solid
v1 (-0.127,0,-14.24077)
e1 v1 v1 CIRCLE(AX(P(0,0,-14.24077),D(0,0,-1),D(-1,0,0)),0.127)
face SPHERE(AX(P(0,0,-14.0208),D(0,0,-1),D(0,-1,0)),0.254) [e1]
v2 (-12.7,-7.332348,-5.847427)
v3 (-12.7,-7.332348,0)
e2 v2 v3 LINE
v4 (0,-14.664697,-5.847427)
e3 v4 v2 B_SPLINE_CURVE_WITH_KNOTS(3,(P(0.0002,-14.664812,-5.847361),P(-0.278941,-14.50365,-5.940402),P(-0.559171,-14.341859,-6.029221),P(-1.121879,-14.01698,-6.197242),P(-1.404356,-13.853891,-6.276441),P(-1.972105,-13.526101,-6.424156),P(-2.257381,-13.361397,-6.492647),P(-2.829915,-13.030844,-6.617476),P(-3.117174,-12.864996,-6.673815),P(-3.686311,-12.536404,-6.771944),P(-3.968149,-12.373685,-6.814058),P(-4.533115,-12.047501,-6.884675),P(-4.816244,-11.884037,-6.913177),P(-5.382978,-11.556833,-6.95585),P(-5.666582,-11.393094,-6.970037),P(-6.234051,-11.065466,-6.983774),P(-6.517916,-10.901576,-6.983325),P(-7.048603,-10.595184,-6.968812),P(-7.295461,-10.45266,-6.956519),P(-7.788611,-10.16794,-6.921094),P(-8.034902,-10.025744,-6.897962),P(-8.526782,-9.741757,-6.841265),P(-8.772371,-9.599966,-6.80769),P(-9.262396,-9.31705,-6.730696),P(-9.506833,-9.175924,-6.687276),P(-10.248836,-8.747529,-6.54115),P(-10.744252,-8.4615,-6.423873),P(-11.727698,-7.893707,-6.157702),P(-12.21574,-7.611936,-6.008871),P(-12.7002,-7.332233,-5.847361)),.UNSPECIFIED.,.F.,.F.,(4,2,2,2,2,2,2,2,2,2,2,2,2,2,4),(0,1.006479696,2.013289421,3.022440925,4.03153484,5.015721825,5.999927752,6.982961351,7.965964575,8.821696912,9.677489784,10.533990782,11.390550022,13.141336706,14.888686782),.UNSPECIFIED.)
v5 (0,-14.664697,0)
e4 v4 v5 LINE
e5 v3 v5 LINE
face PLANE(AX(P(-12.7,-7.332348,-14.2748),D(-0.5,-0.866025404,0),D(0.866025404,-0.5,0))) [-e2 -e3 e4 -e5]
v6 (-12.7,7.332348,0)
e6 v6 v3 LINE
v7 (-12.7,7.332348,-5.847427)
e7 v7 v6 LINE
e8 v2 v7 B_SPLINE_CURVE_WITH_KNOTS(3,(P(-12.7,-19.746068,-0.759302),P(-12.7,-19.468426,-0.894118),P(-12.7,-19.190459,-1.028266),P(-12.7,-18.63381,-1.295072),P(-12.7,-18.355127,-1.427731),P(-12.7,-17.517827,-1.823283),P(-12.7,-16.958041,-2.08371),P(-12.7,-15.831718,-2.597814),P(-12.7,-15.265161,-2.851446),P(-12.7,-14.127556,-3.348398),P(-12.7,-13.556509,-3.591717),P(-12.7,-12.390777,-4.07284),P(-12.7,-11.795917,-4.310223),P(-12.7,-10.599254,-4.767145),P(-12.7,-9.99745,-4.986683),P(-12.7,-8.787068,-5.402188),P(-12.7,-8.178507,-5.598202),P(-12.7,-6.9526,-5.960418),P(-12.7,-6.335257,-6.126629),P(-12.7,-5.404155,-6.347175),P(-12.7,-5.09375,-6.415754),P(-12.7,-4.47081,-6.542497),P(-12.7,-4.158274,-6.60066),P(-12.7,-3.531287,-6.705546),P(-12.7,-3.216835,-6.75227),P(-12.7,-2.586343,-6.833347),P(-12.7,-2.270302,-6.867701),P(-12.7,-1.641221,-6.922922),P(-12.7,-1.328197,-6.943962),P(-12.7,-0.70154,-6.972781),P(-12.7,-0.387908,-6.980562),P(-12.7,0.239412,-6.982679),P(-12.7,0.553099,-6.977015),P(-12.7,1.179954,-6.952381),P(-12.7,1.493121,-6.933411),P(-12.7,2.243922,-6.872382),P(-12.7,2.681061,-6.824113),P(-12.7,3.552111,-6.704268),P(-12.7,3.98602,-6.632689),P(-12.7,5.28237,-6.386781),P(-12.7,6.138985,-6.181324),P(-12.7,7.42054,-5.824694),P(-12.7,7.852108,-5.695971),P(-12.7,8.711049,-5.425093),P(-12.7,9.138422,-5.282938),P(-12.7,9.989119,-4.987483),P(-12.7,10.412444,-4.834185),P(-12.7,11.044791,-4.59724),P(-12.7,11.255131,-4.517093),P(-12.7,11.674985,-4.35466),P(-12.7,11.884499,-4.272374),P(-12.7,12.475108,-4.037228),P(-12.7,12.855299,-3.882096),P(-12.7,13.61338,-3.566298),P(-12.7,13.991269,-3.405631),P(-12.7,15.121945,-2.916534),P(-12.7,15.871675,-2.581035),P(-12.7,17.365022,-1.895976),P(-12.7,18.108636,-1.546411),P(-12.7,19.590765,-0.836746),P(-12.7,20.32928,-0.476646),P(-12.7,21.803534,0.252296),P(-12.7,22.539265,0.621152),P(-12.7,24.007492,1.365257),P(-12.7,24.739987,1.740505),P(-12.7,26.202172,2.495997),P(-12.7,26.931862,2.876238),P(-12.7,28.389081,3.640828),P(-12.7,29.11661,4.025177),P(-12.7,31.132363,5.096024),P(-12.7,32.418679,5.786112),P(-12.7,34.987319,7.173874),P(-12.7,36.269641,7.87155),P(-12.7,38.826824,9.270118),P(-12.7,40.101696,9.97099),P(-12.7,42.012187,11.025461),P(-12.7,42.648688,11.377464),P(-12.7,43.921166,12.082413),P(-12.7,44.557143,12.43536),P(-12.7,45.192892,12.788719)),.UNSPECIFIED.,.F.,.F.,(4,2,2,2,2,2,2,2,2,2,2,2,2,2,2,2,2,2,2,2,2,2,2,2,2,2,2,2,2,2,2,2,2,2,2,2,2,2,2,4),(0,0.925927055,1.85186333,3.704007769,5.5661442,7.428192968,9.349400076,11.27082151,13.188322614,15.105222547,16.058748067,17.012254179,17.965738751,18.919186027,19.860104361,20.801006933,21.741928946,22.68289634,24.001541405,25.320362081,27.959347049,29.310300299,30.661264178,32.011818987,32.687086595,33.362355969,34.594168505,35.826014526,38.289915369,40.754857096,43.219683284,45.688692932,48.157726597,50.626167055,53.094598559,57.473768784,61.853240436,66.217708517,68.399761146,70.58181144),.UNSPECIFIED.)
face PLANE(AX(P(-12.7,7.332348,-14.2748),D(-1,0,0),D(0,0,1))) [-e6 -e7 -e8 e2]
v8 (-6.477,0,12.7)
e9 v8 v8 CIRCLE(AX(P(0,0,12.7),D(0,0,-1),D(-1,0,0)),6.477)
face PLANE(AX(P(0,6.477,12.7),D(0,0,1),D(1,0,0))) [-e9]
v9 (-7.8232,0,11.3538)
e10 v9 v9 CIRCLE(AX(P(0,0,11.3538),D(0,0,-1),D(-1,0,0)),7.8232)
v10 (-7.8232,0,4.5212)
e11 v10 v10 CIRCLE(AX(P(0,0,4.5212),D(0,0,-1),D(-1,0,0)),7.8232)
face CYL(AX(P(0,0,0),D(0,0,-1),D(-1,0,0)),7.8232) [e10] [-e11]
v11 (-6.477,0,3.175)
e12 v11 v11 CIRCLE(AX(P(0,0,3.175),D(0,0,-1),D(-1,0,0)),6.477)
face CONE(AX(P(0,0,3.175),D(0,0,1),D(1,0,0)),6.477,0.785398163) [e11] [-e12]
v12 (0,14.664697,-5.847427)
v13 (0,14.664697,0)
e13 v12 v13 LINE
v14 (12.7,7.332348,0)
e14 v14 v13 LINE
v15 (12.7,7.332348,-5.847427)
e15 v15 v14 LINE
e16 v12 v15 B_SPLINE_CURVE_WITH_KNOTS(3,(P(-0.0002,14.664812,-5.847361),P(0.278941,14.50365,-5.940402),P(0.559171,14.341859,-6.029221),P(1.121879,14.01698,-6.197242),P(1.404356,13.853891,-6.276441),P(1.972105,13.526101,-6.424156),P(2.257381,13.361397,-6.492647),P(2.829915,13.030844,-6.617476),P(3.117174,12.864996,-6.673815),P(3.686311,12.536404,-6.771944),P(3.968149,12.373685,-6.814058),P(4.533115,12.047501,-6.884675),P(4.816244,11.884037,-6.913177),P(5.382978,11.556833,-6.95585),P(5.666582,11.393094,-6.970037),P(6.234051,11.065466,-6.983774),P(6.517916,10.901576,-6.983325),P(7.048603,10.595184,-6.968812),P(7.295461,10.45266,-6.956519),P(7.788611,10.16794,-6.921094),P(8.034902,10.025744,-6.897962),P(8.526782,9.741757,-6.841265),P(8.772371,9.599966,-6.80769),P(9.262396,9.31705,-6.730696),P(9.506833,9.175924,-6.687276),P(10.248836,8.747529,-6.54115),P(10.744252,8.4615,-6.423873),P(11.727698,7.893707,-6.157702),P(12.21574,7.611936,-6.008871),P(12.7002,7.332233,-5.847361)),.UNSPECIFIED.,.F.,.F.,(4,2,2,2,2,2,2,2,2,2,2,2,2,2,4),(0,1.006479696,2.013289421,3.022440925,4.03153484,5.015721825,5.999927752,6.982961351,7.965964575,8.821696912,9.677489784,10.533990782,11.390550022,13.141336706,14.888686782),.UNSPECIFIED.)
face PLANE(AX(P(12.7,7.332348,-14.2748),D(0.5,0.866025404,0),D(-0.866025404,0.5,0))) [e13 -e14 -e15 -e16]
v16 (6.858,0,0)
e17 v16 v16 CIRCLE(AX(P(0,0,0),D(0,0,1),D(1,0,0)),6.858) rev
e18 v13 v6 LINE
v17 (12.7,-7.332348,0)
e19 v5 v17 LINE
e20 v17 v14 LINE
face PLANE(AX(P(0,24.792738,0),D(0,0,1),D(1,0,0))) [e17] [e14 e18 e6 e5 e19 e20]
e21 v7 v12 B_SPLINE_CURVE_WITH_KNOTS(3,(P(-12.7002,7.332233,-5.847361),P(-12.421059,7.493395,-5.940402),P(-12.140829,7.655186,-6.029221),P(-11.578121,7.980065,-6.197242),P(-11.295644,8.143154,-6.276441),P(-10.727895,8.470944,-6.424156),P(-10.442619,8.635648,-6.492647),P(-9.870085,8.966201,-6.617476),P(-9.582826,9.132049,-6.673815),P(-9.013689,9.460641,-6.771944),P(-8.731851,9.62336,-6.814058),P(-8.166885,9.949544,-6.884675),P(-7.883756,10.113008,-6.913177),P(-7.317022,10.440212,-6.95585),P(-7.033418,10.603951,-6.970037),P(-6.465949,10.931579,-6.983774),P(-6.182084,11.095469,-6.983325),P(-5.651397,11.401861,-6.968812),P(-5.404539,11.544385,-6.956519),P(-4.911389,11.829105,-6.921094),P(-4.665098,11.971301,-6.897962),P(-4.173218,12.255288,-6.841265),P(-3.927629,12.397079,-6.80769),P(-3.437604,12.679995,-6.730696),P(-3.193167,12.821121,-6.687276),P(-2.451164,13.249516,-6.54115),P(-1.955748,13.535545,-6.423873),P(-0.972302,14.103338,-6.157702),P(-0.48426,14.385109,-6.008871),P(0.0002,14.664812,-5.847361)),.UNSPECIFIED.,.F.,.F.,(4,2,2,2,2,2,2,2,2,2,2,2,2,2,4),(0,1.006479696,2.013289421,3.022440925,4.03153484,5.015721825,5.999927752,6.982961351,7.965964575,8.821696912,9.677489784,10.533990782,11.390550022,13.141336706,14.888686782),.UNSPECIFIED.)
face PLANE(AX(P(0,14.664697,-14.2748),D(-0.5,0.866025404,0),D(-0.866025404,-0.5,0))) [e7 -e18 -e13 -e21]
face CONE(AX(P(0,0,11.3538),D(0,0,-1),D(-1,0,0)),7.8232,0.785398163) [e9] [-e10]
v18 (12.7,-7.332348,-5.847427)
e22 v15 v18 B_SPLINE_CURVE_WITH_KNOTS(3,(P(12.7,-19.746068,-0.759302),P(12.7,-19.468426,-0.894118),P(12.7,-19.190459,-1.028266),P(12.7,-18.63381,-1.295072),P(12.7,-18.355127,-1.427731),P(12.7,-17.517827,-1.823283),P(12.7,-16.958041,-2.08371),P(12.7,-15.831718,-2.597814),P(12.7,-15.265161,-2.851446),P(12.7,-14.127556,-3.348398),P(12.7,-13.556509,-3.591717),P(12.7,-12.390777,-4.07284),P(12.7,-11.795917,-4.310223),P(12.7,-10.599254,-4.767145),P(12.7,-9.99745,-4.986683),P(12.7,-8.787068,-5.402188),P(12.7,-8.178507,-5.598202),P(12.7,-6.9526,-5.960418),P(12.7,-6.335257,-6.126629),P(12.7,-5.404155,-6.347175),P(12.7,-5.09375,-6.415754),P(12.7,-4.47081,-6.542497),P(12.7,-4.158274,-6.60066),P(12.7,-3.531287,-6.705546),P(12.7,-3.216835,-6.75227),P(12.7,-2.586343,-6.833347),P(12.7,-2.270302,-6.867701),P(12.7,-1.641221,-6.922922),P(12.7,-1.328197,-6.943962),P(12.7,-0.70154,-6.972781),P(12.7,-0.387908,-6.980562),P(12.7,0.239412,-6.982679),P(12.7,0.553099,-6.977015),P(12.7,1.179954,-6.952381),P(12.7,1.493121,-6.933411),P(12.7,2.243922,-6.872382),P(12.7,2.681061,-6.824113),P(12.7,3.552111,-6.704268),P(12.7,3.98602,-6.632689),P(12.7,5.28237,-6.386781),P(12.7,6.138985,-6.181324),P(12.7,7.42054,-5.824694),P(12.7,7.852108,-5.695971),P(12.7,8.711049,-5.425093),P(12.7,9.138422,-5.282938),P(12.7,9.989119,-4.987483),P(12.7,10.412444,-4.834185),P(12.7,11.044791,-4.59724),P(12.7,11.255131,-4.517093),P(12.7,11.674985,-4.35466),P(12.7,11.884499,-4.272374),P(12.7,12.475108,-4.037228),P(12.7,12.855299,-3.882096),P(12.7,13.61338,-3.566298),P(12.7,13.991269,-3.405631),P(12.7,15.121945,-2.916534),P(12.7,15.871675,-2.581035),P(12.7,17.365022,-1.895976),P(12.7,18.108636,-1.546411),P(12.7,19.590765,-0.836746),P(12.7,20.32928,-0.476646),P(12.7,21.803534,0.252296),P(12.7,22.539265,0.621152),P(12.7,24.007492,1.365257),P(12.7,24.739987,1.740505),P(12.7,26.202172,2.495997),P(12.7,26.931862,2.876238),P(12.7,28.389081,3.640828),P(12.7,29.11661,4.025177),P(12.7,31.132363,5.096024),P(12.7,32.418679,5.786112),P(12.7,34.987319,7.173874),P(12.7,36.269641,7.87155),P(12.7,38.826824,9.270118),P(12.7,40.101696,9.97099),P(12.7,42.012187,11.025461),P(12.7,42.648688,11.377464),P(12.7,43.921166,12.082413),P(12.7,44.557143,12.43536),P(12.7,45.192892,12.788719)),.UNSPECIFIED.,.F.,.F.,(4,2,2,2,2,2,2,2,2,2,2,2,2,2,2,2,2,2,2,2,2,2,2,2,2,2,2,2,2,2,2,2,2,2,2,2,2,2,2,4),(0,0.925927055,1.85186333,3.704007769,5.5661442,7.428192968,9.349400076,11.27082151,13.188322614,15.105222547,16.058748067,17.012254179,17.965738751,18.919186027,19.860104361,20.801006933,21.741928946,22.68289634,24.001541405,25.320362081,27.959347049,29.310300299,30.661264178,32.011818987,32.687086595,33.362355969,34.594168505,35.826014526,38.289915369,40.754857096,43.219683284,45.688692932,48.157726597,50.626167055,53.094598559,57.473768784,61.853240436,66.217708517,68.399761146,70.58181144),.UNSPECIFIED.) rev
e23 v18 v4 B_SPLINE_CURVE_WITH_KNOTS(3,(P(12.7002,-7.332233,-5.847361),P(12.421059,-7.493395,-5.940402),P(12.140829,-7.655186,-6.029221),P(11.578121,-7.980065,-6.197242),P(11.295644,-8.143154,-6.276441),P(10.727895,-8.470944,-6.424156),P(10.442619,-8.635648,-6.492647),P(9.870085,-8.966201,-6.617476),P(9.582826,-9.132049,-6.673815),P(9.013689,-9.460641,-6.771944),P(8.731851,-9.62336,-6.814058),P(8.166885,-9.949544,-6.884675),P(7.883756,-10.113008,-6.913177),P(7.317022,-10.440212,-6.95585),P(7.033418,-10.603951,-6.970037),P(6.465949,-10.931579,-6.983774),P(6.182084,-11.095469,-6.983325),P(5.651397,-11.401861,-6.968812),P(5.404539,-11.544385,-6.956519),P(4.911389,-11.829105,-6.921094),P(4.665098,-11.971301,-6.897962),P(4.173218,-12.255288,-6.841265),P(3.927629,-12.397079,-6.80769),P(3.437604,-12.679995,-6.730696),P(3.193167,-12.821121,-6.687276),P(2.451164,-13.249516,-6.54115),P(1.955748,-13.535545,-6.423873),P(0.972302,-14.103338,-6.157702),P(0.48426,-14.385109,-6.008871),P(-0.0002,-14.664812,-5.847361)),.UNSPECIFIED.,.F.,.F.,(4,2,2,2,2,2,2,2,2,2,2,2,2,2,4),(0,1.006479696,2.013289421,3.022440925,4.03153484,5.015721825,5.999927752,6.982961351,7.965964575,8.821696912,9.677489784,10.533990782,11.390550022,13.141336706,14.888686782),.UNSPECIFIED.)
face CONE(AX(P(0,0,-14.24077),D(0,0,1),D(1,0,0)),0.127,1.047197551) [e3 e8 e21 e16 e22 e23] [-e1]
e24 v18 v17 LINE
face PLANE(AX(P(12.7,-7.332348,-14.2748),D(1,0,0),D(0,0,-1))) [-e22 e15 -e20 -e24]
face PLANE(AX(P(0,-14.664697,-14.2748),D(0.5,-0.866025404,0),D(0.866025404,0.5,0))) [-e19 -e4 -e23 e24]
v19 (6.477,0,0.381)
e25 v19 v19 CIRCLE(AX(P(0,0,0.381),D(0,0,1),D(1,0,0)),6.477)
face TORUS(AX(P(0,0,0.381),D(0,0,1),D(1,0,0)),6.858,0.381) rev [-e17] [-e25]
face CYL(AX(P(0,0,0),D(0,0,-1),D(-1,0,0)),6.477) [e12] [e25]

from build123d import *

# Parameters (mm, degrees)
SKETCH2_OUTSIDE_W  = 66.612
SKETCH2_OUTSIDE_H  = 66.612
CUT_EXTRUDE1_DEPTH = 15.2748
FILLET1_R          = 0.381


with BuildPart() as part:
    # Sketch1 → Revolve1 (revolve)
    with BuildSketch(Plane(origin=(0, 0, 0), x_dir=(0, 0, -1), z_dir=(1, 0, 0)), mode=Mode.PRIVATE) as revolve1_sk:
        with BuildLine():
            Line((0, 24.792737963), (0, 6.477))
            Line((0, 6.477), (-3.175, 6.477))
            Line((-3.175, 6.477), (-4.5212, 7.8232))
            Line((-4.5212, 7.8232), (-11.3538, 7.8232))
            Line((-11.3538, 7.8232), (-12.7, 6.477))
            Line((-12.7, 6.477), (-12.7, 0))
            Line((-12.7, 0), (14.2748, 0))
            ThreePointArc((14.2748, 0), (14.26614516, 0.065740037), (14.240770453, 0.127))
            Line((14.240770453, 0.127), (0, 24.792737963))
        make_face()
    revolve(revolve1_sk.sketch.rotate(Axis((0, 0, 0), (0, 0, 1)), 90), axis=Axis((0, 0, 0), (0, 0, 1)))  # turned: the seam where the file's is

    # Sketch2 outside → Cut-Extrude1 (cut, through all)
    with BuildSketch(Plane.XY):
        Rectangle(SKETCH2_OUTSIDE_W, SKETCH2_OUTSIDE_H)
        Polygon((0, 14.664696837), (-12.7, 7.332348419), (-12.7, -7.332348419), (0, -14.664696837), (12.7, -7.332348419), (12.7, 7.332348419), align=None, mode=Mode.SUBTRACT)
    extrude(amount=-CUT_EXTRUDE1_DEPTH, mode=Mode.SUBTRACT)

    # Fillet1
    fillet1_edges = [part.edges().sort_by_distance(p)[0] for p in [
        (6.477, 0, 0),
    ]]
    fillet(fillet1_edges, radius=FILLET1_R)


solid = part.part
